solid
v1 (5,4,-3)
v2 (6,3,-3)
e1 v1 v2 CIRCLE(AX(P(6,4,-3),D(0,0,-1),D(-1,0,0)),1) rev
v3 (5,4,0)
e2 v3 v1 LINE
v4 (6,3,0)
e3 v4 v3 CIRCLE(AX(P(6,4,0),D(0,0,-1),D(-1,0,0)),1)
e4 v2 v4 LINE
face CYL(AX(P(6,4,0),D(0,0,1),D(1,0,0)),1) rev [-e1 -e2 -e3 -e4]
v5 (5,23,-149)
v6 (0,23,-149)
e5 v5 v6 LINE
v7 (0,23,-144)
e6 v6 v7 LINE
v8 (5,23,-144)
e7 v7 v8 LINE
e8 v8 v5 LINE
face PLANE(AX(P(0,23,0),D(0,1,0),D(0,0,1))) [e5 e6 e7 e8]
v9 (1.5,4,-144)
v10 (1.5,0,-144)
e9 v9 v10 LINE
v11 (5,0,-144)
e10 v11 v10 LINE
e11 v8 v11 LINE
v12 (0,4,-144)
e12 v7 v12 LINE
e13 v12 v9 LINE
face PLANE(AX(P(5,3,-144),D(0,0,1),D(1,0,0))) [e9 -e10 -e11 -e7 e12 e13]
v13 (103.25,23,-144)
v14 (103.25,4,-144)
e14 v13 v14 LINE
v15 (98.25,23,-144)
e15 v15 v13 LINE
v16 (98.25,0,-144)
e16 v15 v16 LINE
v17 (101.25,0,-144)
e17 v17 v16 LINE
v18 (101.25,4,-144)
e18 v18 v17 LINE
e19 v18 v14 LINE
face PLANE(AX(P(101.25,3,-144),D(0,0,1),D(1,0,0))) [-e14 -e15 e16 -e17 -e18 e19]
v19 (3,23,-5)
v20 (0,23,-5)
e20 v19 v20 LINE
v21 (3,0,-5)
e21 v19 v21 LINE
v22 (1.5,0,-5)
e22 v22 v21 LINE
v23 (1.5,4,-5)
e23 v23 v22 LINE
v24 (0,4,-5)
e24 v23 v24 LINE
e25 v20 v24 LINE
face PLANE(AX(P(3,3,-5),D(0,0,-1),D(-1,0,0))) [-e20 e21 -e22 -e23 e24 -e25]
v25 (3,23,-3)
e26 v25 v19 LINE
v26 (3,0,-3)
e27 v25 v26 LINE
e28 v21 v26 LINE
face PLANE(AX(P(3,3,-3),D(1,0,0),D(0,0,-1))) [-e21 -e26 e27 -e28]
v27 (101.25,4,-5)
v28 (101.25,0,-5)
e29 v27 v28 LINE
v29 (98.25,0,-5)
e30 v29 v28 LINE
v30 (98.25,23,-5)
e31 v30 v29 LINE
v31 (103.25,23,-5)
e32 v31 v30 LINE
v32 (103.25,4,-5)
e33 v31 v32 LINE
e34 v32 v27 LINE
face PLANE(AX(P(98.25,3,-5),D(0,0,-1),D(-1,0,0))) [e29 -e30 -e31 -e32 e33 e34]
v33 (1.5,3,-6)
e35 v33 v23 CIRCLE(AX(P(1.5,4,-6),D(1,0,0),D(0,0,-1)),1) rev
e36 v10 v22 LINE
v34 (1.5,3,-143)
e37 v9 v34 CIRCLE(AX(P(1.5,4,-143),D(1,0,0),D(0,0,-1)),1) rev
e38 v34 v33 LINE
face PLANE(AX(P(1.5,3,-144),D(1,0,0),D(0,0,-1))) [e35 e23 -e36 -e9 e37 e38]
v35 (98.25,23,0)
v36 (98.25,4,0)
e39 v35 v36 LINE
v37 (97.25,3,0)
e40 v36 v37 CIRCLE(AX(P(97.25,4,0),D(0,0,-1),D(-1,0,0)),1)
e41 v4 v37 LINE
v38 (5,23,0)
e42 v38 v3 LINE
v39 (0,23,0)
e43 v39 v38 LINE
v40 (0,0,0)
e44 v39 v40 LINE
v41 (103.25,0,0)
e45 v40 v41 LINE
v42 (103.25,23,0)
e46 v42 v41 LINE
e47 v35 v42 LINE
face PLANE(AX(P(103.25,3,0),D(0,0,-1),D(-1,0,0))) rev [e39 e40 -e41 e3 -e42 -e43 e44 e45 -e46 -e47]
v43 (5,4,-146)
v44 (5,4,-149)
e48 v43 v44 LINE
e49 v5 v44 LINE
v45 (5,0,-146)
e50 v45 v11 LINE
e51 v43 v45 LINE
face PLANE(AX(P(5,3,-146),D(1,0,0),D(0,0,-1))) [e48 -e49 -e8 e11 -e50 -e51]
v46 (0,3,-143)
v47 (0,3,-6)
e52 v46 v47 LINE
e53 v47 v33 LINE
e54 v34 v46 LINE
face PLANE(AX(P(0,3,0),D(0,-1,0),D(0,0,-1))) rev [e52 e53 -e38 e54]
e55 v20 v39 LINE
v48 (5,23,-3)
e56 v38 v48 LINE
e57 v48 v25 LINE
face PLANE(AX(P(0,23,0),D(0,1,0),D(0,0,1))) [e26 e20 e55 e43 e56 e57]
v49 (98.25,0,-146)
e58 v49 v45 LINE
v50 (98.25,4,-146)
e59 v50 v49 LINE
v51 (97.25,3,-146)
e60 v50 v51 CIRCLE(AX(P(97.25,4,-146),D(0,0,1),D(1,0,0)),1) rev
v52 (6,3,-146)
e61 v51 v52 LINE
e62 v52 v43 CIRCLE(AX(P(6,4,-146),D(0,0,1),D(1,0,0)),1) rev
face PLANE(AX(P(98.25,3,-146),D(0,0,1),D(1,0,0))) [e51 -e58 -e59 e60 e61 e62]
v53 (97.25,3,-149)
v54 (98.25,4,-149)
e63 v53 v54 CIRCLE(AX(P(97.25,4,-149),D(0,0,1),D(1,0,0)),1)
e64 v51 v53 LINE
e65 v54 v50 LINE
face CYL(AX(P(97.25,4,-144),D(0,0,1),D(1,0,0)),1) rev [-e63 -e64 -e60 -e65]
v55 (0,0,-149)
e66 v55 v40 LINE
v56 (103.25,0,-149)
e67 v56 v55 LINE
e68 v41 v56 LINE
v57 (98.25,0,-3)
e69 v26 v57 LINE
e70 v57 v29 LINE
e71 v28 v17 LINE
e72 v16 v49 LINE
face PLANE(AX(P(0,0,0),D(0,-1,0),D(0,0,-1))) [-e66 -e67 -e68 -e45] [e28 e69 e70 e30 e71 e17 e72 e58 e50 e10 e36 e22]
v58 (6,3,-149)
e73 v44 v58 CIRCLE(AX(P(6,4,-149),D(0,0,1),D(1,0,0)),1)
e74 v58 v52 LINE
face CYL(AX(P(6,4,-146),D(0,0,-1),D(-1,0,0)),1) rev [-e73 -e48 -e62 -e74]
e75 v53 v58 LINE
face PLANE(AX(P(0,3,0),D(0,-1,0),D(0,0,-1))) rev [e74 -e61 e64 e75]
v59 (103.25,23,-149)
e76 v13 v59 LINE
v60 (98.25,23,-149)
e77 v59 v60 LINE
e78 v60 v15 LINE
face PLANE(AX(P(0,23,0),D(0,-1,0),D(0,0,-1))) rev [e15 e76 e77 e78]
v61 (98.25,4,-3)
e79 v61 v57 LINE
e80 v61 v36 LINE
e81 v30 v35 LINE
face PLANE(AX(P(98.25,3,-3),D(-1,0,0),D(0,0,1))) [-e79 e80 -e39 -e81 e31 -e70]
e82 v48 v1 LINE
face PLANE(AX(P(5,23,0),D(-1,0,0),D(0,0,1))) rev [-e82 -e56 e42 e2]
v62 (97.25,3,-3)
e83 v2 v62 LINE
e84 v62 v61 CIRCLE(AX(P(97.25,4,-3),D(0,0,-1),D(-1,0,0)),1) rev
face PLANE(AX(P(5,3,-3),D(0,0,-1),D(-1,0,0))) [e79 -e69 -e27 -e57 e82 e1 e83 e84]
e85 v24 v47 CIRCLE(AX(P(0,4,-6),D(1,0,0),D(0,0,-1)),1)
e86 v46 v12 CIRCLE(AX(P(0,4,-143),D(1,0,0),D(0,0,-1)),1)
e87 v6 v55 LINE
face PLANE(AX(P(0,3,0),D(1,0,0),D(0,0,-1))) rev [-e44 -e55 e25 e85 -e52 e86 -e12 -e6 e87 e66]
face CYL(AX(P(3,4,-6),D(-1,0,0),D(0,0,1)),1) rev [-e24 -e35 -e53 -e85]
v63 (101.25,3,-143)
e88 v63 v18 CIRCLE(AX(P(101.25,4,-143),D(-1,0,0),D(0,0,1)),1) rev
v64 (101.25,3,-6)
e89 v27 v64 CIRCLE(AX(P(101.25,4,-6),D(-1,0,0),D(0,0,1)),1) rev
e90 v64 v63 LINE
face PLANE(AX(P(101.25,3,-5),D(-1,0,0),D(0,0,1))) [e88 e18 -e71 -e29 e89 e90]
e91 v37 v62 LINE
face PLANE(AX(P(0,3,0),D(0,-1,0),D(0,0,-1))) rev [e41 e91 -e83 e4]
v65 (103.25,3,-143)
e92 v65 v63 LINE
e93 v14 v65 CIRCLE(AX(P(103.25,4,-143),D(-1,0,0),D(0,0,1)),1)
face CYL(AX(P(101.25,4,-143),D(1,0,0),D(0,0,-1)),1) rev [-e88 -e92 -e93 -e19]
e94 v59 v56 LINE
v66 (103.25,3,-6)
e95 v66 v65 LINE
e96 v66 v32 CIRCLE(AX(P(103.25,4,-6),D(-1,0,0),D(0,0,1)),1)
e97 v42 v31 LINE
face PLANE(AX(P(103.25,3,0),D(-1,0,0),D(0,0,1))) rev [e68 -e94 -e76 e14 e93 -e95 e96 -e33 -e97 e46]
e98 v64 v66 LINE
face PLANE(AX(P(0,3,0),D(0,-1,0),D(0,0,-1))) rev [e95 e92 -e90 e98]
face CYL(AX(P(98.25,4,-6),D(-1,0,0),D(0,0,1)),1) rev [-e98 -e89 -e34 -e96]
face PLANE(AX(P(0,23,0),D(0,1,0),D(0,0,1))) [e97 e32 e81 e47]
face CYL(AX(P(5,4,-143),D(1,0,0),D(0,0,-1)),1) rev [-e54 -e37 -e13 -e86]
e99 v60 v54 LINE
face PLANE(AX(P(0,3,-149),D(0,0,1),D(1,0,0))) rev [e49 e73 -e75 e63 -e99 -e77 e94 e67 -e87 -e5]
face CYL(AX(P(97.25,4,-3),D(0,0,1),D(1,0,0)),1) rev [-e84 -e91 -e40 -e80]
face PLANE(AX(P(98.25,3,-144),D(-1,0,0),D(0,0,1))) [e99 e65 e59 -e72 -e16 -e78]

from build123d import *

# Parameters (mm, degrees)
BOSS_EXTRUDE1_DEPTH = 3
SKETCH2_W           = 5
SKETCH2_H           = 5
BOSS_EXTRUDE2_DEPTH = 20
FILLET1_R           = 1


with BuildPart() as part:
    # Sketch1 → Boss-Extrude1 (new body)
    with BuildSketch(Plane(origin=(0, 0, 0), x_dir=(1, 0, 0), z_dir=(0, 1, 0))):
        Polygon((0, 0), (0, 149), (5, 149), (103.25, 149), (103.25, 0), align=None)
        Polygon((98.25, 146), (5, 146), (5, 144), (1.5, 144), (1.5, 5), (3, 5), (3, 3), (5, 3), (98.25, 3), (98.25, 5), (101.25, 5), (101.25, 144), (98.25, 144), align=None, mode=Mode.SUBTRACT)
    extrude(amount=BOSS_EXTRUDE1_DEPTH)

    # Sketch2 → Boss-Extrude2 (add)
    with BuildSketch(Plane(origin=(0, 3, 0), x_dir=(1, 0, 0), z_dir=(0, 1, 0))):
        Polygon((0, 0), (5, 0), (5, 3), (3, 3), (3, 5), (0, 5), align=None)
        with Locations((100.75, 146.5)):
            Rectangle(SKETCH2_W, SKETCH2_H)
        with Locations((2.5, 146.5)):
            Rectangle(SKETCH2_W, SKETCH2_H)
        with Locations((100.75, 2.5)):
            Rectangle(SKETCH2_W, SKETCH2_H)
    extrude(amount=BOSS_EXTRUDE2_DEPTH)

    # Fillet1
    fillet1_edges = [part.edges().sort_by_distance(p)[0] for p in [
        (0.75, 3, -5),
        (102.25, 3, -144),
        (98.25, 3, -147.5),
        (0.75, 3, -144),
        (5, 3, -147.5),
        (98.25, 3, -1.5),
        (102.25, 3, -5),
        (5, 3, -1.5),
    ]]
    fillet(fillet1_edges, radius=FILLET1_R)


solid = part.part
